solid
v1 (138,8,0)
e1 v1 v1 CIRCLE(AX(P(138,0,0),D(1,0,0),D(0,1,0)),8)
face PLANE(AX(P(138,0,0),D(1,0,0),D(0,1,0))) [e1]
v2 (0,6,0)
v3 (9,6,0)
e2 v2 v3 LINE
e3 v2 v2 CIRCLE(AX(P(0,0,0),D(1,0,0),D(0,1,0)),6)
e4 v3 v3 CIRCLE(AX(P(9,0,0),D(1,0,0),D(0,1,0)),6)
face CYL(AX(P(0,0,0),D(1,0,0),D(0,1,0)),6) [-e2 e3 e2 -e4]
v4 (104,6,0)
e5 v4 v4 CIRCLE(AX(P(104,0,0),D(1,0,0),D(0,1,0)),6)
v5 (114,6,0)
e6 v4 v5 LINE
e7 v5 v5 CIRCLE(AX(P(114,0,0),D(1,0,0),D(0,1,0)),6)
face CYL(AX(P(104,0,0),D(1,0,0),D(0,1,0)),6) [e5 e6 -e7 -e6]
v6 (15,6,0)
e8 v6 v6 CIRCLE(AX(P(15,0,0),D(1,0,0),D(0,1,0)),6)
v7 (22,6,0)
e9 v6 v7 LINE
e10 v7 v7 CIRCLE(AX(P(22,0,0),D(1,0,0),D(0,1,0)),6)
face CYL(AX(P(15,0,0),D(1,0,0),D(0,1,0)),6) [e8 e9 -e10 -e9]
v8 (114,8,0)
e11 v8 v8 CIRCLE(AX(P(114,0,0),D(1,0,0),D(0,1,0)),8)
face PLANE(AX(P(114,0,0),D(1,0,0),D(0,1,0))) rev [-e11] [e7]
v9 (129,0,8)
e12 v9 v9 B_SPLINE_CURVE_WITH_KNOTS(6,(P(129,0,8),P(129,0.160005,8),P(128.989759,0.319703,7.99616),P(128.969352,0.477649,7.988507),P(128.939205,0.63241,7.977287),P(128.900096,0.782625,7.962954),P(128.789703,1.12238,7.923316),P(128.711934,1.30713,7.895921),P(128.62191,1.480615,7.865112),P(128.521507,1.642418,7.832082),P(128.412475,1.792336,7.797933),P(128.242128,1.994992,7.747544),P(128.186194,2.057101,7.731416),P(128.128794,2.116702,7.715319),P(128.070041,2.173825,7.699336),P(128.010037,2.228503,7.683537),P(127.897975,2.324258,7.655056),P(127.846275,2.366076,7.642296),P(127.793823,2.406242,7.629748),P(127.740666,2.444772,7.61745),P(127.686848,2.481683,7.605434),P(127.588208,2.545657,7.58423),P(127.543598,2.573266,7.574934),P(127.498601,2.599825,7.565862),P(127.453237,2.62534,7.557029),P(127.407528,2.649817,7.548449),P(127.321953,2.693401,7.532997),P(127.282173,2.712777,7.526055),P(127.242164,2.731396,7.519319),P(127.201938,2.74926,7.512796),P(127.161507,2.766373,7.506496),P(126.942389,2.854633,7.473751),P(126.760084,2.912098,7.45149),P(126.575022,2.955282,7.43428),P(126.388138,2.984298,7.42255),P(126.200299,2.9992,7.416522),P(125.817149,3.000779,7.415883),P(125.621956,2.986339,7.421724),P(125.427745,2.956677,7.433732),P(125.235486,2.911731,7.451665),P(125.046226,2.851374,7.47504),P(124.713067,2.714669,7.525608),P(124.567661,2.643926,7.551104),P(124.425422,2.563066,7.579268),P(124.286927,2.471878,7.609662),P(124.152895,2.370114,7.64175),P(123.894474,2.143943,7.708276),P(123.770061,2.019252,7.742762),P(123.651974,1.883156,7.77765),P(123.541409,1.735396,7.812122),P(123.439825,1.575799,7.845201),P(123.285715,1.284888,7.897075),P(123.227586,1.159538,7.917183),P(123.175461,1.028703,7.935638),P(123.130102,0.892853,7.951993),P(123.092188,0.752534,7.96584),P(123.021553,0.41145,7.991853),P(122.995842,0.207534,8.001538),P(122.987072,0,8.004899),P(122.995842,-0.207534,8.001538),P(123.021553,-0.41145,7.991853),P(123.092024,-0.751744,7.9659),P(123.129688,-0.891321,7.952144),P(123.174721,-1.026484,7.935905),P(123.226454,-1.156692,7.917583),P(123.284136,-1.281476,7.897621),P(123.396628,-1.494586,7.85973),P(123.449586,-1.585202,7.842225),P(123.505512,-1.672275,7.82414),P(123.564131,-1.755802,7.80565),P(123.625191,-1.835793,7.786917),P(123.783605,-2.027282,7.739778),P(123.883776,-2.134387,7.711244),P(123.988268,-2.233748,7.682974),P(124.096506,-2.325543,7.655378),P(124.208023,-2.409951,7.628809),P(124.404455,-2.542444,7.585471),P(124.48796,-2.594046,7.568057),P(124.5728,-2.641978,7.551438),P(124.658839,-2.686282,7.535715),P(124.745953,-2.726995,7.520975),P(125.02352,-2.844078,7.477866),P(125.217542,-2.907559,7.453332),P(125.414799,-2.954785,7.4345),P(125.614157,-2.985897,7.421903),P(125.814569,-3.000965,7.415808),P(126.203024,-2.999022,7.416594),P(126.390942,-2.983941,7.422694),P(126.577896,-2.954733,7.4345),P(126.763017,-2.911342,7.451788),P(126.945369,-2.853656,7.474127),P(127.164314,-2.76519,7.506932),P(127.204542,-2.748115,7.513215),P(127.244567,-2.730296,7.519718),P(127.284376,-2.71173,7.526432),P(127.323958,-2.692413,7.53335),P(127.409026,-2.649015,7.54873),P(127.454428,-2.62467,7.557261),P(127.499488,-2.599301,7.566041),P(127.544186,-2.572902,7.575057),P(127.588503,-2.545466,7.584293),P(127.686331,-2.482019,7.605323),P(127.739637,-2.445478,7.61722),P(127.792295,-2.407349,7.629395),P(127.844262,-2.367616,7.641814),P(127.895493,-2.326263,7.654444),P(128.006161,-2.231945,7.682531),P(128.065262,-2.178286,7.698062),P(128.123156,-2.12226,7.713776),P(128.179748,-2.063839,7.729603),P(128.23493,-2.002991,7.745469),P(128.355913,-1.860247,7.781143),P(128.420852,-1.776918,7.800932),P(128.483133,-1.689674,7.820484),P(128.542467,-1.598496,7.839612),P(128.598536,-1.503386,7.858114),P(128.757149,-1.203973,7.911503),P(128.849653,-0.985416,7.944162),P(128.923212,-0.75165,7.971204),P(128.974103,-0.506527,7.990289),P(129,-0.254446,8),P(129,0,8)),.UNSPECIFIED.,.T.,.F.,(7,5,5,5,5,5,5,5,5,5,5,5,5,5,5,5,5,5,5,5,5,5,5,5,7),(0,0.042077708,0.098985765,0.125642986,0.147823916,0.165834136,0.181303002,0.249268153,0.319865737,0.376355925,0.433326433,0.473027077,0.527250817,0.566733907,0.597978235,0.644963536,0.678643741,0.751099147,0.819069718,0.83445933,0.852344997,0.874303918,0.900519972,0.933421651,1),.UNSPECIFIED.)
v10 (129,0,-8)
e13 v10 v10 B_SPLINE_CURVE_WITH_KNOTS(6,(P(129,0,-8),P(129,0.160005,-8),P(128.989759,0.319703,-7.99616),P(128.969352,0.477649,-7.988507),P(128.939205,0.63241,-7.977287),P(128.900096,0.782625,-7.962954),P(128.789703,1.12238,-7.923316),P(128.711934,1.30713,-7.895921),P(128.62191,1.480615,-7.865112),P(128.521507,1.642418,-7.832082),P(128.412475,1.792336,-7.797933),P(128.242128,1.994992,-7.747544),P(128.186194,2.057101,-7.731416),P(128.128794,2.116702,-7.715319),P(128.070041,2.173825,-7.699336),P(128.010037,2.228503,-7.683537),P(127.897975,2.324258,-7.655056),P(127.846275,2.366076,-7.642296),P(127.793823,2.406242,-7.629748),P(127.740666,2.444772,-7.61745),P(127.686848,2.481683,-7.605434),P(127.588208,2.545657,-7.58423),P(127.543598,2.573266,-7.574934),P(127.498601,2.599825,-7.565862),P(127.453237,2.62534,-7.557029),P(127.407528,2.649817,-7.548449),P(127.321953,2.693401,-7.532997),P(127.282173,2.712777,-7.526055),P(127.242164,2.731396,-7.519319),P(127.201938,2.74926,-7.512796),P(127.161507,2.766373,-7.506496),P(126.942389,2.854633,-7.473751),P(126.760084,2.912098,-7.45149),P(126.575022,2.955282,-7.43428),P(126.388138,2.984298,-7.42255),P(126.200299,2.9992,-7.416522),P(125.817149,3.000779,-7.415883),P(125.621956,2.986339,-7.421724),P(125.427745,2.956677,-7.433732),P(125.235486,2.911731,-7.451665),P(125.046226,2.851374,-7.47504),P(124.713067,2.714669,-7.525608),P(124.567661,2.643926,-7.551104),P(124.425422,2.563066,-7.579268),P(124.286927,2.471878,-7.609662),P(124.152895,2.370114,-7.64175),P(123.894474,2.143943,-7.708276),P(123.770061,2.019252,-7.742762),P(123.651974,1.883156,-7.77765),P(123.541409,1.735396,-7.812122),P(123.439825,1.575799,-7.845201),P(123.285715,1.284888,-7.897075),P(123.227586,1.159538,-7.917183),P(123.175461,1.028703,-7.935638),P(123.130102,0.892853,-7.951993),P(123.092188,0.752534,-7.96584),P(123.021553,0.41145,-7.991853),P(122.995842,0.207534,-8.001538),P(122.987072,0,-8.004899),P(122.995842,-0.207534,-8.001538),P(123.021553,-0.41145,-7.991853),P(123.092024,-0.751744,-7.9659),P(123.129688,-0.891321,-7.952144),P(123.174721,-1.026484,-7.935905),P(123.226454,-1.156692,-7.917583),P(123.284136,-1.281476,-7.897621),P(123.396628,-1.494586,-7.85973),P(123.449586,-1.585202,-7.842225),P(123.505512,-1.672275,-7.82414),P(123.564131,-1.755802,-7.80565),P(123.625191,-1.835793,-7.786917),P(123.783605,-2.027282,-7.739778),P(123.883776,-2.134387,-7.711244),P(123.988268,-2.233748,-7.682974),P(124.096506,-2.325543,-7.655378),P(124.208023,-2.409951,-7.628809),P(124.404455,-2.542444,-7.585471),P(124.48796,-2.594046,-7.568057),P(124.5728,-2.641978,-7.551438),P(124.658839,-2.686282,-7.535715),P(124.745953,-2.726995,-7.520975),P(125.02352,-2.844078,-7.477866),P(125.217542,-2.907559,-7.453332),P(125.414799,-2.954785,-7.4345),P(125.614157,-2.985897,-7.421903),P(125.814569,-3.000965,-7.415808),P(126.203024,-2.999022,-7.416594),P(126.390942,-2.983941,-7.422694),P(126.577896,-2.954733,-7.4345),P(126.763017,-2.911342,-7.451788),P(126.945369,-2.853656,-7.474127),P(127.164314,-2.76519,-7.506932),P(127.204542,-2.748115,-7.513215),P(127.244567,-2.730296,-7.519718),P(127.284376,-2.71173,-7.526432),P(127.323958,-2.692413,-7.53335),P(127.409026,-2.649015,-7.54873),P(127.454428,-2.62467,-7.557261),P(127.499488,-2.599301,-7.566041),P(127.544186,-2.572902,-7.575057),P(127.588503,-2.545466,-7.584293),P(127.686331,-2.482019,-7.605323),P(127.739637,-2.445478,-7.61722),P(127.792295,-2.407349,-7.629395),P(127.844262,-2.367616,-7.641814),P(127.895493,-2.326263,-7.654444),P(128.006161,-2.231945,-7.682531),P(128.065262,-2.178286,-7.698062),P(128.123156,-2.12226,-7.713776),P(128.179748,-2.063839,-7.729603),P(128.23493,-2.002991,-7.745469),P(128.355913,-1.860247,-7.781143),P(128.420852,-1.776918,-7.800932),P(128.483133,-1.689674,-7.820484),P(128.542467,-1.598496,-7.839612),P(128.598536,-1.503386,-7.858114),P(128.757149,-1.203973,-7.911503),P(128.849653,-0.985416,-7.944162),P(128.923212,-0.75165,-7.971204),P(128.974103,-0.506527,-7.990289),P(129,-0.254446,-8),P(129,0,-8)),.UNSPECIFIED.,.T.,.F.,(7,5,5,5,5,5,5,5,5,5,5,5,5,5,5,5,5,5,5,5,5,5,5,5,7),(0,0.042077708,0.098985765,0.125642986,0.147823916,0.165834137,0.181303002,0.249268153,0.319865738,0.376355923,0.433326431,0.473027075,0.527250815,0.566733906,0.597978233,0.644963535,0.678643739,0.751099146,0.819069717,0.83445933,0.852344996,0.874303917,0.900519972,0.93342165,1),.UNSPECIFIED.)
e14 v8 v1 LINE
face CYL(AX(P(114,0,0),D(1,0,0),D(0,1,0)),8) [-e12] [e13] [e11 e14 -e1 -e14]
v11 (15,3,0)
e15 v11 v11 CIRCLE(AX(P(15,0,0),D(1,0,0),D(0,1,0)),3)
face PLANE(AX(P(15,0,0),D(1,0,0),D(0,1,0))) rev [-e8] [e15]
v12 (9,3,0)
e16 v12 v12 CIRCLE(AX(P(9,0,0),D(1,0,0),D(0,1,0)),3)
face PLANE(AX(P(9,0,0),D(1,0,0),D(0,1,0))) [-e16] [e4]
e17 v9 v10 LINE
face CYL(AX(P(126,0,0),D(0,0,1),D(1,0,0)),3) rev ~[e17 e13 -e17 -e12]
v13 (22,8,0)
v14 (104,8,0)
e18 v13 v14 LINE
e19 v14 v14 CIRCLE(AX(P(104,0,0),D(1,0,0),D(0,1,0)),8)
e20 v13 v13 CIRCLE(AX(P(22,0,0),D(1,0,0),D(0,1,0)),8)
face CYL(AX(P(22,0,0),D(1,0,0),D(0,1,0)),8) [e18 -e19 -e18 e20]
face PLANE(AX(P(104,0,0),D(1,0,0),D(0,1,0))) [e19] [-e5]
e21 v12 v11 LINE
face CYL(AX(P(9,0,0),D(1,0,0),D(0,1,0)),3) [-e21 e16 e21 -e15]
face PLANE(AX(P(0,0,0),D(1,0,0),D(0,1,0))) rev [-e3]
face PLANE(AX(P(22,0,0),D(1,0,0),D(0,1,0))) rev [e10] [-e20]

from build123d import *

# Parameters (mm, degrees)
SKETCH2_R               = 3
CUT_EXTRUDE1_DEPTH      = 9
CUT_EXTRUDE1_DEPTH_BACK = 9


with BuildPart() as part:
    # Sketch1 → Revolve1 (revolve)
    with BuildSketch(Plane.XY):
        Polygon((0, 0), (0, 6), (9, 6), (9, 3), (15, 3), (15, 6), (22, 6), (22, 8), (104, 8), (104, 6), (114, 6), (114, 8), (138, 8), (138, 0), align=None)
    revolve(axis=Axis((0, 0, 0), (1, 0, 0)))

    # Sketch2 → Cut-Extrude1 (cut, two sides)
    with BuildSketch(Plane.XY) as cut_extrude1_sk:
        with Locations((126, 0)):
            Circle(SKETCH2_R)
    extrude(amount=CUT_EXTRUDE1_DEPTH, mode=Mode.SUBTRACT)
    extrude(cut_extrude1_sk.sketch, amount=-CUT_EXTRUDE1_DEPTH_BACK, mode=Mode.SUBTRACT)


solid = part.part
